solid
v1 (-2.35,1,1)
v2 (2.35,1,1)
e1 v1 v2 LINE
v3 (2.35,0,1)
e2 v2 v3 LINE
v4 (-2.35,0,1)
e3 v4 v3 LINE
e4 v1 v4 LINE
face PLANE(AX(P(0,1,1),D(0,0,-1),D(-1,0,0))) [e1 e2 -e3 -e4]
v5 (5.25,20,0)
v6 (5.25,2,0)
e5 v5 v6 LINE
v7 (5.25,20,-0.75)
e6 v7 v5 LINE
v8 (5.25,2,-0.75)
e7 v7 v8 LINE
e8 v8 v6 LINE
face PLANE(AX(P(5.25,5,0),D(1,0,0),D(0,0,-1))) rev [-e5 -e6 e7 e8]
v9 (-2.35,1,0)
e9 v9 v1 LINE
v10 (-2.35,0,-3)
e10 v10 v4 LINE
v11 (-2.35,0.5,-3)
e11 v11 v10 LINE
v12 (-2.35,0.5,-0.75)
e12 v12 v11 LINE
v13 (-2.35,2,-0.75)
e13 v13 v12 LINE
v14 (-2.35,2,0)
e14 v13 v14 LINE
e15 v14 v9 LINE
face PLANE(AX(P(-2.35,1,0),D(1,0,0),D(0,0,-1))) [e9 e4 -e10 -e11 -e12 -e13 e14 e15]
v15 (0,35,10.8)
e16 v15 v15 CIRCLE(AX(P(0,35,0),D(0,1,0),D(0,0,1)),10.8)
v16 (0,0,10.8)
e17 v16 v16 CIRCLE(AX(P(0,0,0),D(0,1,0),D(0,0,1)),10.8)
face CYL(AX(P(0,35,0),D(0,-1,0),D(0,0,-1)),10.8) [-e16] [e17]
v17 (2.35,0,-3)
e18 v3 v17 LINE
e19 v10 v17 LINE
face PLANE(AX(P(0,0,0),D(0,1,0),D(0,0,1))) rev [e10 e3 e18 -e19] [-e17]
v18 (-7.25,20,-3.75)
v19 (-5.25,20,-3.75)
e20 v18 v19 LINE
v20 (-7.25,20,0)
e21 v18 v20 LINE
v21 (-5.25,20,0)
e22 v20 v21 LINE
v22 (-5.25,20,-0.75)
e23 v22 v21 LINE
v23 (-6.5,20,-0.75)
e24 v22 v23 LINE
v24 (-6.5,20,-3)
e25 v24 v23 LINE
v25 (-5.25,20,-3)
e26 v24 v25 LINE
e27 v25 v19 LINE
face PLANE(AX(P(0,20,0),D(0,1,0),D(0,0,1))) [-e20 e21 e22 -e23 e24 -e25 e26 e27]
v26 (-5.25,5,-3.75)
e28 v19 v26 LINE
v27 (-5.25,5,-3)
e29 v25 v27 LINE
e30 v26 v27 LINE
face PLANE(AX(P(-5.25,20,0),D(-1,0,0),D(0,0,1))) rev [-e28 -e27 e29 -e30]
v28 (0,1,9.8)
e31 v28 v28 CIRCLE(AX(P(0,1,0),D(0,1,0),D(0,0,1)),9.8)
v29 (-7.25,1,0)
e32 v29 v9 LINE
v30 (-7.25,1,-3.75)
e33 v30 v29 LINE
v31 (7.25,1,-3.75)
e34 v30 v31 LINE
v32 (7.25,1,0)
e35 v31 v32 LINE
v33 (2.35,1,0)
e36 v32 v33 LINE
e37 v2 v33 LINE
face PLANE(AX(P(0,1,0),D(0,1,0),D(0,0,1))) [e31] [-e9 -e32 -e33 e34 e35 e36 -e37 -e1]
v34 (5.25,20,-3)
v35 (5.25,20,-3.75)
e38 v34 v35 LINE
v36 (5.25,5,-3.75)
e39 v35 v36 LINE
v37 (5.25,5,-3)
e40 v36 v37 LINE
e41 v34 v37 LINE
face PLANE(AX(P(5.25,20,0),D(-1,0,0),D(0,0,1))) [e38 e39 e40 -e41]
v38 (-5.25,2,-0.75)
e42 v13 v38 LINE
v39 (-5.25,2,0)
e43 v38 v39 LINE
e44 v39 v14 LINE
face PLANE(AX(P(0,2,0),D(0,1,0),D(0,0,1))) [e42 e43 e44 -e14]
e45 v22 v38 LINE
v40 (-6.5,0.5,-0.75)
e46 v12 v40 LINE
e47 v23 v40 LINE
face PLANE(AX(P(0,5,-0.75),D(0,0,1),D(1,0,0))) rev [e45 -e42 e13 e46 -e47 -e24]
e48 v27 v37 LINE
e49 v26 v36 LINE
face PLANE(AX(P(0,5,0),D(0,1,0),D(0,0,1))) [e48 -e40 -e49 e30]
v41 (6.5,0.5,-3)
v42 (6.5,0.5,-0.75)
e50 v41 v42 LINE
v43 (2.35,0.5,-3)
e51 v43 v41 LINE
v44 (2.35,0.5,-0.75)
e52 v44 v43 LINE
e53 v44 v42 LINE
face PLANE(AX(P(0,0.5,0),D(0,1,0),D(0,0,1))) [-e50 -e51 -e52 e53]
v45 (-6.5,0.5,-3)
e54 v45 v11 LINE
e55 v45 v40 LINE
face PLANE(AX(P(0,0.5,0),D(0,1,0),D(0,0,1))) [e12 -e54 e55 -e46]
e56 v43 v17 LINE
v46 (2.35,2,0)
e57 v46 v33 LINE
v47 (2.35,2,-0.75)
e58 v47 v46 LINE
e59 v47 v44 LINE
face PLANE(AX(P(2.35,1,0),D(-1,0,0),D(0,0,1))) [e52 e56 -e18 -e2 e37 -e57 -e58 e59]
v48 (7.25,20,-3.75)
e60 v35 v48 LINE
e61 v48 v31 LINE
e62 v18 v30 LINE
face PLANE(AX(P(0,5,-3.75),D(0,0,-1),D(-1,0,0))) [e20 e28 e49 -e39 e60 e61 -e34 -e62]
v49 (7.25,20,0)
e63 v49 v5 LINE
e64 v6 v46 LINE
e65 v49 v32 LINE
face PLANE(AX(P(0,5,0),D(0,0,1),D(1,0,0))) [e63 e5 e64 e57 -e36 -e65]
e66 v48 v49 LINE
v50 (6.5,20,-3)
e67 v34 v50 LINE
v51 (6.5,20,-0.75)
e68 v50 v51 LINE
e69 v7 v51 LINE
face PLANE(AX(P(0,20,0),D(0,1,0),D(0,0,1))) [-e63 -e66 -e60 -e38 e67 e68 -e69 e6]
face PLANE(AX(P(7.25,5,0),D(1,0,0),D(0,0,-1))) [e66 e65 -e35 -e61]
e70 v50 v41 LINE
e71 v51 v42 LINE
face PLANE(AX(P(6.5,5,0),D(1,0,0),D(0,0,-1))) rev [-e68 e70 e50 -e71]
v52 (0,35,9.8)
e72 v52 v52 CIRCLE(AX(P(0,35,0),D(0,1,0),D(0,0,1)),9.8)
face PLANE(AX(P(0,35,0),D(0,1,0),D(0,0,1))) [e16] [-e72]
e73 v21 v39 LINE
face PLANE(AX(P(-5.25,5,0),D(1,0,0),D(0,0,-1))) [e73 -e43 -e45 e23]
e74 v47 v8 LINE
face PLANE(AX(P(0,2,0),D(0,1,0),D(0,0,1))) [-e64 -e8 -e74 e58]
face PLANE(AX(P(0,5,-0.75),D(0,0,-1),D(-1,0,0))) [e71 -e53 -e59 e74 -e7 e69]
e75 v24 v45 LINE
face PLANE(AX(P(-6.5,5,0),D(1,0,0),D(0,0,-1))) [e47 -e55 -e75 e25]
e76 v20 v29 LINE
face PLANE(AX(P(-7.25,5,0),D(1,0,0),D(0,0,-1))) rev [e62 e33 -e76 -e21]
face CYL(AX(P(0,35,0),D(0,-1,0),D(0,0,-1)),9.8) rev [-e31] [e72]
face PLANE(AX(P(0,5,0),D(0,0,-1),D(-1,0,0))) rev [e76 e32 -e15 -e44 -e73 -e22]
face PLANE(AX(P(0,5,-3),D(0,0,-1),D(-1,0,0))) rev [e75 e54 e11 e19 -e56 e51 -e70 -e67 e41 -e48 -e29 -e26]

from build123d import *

# Parameters (mm, degrees)
SKETCH1_R            = 10.8
SKETCH1_R_2          = 9.8
BOSS_EXTRUDE7_DEPTH  = 35
SKETCH1_10_R         = 9.8
BOSS_EXTRUDE8_DEPTH  = 1
BOSS_EXTRUDE9_DEPTH  = 5
SKETCH1_13_W         = 2.9
SKETCH1_13_H         = 0.75
BOSS_EXTRUDE10_DEPTH = 2
SKETCH1_14_W         = 4.15
SKETCH1_14_H         = 2.25
BOSS_EXTRUDE11_DEPTH = 0.5
BOSS_EXTRUDE12_DEPTH = 20


with BuildPart() as part:
    # Sketch1 → Boss-Extrude7 (new body)
    with BuildSketch(Plane(origin=(0, 0, 0), x_dir=(1, 0, 0), z_dir=(0, 1, 0))):
        Circle(SKETCH1_R)
        Circle(SKETCH1_R_2, mode=Mode.SUBTRACT)
    extrude(amount=BOSS_EXTRUDE7_DEPTH)

    # Sketch1<10> → Boss-Extrude8 (add)
    with BuildSketch(Plane(origin=(0, 0, 0), x_dir=(1, 0, 0), z_dir=(0, 1, 0))):
        Circle(SKETCH1_10_R)
        Polygon((-2.35, 0), (-5.25, 0), (-7.25, 0), (-7.25, 3.75), (-5.25, 3.75), (5.25, 3.75), (7.25, 3.75), (7.25, 0), (5.25, 0), (2.35, 0), (2.35, -1), (-2.35, -1), align=None, mode=Mode.SUBTRACT)
    extrude(amount=BOSS_EXTRUDE8_DEPTH)

    # Sketch1<12> → Boss-Extrude9 (add)
    with BuildSketch(Plane(origin=(0, 0, 0), x_dir=(1, 0, 0), z_dir=(0, 1, 0))):
        Polygon((-5.25, 0), (-5.25, 0.75), (-6.5, 0.75), (-6.5, 3), (6.5, 3), (6.5, 0.75), (5.25, 0.75), (5.25, 0), (7.25, 0), (7.25, 3.75), (-7.25, 3.75), (-7.25, 0), align=None)
    extrude(amount=BOSS_EXTRUDE9_DEPTH)

    # Sketch1<13> → Boss-Extrude10 (add)
    with BuildSketch(Plane(origin=(0, 0, 0), x_dir=(1, 0, 0), z_dir=(0, 1, 0))):
        with Locations((-3.8, 0.375)):
            Rectangle(SKETCH1_13_W, SKETCH1_13_H)
        with Locations((3.8, 0.375)):
            Rectangle(SKETCH1_13_W, SKETCH1_13_H)
    extrude(amount=BOSS_EXTRUDE10_DEPTH)

    # Sketch1<14> → Boss-Extrude11 (add)
    with BuildSketch(Plane(origin=(0, 0, 0), x_dir=(1, 0, 0), z_dir=(0, 1, 0))):
        with Locations((-4.425, 1.875)):
            Rectangle(SKETCH1_14_W, SKETCH1_14_H)
        with Locations((4.425, 1.875)):
            Rectangle(SKETCH1_14_W, SKETCH1_14_H)
    extrude(amount=BOSS_EXTRUDE11_DEPTH)

    # Sketch1<15> → Boss-Extrude12 (add)
    with BuildSketch(Plane(origin=(0, 0, 0), x_dir=(1, 0, 0), z_dir=(0, 1, 0))):
        Polygon((-5.25, 0), (-5.25, 0.75), (-6.5, 0.75), (-6.5, 3), (-5.25, 3), (-5.25, 3.75), (-7.25, 3.75), (-7.25, 0), align=None)
        Polygon((5.25, 3.75), (5.25, 3), (6.5, 3), (6.5, 0.75), (5.25, 0.75), (5.25, 0), (7.25, 0), (7.25, 3.75), align=None)
    extrude(amount=BOSS_EXTRUDE12_DEPTH)


solid = part.part
